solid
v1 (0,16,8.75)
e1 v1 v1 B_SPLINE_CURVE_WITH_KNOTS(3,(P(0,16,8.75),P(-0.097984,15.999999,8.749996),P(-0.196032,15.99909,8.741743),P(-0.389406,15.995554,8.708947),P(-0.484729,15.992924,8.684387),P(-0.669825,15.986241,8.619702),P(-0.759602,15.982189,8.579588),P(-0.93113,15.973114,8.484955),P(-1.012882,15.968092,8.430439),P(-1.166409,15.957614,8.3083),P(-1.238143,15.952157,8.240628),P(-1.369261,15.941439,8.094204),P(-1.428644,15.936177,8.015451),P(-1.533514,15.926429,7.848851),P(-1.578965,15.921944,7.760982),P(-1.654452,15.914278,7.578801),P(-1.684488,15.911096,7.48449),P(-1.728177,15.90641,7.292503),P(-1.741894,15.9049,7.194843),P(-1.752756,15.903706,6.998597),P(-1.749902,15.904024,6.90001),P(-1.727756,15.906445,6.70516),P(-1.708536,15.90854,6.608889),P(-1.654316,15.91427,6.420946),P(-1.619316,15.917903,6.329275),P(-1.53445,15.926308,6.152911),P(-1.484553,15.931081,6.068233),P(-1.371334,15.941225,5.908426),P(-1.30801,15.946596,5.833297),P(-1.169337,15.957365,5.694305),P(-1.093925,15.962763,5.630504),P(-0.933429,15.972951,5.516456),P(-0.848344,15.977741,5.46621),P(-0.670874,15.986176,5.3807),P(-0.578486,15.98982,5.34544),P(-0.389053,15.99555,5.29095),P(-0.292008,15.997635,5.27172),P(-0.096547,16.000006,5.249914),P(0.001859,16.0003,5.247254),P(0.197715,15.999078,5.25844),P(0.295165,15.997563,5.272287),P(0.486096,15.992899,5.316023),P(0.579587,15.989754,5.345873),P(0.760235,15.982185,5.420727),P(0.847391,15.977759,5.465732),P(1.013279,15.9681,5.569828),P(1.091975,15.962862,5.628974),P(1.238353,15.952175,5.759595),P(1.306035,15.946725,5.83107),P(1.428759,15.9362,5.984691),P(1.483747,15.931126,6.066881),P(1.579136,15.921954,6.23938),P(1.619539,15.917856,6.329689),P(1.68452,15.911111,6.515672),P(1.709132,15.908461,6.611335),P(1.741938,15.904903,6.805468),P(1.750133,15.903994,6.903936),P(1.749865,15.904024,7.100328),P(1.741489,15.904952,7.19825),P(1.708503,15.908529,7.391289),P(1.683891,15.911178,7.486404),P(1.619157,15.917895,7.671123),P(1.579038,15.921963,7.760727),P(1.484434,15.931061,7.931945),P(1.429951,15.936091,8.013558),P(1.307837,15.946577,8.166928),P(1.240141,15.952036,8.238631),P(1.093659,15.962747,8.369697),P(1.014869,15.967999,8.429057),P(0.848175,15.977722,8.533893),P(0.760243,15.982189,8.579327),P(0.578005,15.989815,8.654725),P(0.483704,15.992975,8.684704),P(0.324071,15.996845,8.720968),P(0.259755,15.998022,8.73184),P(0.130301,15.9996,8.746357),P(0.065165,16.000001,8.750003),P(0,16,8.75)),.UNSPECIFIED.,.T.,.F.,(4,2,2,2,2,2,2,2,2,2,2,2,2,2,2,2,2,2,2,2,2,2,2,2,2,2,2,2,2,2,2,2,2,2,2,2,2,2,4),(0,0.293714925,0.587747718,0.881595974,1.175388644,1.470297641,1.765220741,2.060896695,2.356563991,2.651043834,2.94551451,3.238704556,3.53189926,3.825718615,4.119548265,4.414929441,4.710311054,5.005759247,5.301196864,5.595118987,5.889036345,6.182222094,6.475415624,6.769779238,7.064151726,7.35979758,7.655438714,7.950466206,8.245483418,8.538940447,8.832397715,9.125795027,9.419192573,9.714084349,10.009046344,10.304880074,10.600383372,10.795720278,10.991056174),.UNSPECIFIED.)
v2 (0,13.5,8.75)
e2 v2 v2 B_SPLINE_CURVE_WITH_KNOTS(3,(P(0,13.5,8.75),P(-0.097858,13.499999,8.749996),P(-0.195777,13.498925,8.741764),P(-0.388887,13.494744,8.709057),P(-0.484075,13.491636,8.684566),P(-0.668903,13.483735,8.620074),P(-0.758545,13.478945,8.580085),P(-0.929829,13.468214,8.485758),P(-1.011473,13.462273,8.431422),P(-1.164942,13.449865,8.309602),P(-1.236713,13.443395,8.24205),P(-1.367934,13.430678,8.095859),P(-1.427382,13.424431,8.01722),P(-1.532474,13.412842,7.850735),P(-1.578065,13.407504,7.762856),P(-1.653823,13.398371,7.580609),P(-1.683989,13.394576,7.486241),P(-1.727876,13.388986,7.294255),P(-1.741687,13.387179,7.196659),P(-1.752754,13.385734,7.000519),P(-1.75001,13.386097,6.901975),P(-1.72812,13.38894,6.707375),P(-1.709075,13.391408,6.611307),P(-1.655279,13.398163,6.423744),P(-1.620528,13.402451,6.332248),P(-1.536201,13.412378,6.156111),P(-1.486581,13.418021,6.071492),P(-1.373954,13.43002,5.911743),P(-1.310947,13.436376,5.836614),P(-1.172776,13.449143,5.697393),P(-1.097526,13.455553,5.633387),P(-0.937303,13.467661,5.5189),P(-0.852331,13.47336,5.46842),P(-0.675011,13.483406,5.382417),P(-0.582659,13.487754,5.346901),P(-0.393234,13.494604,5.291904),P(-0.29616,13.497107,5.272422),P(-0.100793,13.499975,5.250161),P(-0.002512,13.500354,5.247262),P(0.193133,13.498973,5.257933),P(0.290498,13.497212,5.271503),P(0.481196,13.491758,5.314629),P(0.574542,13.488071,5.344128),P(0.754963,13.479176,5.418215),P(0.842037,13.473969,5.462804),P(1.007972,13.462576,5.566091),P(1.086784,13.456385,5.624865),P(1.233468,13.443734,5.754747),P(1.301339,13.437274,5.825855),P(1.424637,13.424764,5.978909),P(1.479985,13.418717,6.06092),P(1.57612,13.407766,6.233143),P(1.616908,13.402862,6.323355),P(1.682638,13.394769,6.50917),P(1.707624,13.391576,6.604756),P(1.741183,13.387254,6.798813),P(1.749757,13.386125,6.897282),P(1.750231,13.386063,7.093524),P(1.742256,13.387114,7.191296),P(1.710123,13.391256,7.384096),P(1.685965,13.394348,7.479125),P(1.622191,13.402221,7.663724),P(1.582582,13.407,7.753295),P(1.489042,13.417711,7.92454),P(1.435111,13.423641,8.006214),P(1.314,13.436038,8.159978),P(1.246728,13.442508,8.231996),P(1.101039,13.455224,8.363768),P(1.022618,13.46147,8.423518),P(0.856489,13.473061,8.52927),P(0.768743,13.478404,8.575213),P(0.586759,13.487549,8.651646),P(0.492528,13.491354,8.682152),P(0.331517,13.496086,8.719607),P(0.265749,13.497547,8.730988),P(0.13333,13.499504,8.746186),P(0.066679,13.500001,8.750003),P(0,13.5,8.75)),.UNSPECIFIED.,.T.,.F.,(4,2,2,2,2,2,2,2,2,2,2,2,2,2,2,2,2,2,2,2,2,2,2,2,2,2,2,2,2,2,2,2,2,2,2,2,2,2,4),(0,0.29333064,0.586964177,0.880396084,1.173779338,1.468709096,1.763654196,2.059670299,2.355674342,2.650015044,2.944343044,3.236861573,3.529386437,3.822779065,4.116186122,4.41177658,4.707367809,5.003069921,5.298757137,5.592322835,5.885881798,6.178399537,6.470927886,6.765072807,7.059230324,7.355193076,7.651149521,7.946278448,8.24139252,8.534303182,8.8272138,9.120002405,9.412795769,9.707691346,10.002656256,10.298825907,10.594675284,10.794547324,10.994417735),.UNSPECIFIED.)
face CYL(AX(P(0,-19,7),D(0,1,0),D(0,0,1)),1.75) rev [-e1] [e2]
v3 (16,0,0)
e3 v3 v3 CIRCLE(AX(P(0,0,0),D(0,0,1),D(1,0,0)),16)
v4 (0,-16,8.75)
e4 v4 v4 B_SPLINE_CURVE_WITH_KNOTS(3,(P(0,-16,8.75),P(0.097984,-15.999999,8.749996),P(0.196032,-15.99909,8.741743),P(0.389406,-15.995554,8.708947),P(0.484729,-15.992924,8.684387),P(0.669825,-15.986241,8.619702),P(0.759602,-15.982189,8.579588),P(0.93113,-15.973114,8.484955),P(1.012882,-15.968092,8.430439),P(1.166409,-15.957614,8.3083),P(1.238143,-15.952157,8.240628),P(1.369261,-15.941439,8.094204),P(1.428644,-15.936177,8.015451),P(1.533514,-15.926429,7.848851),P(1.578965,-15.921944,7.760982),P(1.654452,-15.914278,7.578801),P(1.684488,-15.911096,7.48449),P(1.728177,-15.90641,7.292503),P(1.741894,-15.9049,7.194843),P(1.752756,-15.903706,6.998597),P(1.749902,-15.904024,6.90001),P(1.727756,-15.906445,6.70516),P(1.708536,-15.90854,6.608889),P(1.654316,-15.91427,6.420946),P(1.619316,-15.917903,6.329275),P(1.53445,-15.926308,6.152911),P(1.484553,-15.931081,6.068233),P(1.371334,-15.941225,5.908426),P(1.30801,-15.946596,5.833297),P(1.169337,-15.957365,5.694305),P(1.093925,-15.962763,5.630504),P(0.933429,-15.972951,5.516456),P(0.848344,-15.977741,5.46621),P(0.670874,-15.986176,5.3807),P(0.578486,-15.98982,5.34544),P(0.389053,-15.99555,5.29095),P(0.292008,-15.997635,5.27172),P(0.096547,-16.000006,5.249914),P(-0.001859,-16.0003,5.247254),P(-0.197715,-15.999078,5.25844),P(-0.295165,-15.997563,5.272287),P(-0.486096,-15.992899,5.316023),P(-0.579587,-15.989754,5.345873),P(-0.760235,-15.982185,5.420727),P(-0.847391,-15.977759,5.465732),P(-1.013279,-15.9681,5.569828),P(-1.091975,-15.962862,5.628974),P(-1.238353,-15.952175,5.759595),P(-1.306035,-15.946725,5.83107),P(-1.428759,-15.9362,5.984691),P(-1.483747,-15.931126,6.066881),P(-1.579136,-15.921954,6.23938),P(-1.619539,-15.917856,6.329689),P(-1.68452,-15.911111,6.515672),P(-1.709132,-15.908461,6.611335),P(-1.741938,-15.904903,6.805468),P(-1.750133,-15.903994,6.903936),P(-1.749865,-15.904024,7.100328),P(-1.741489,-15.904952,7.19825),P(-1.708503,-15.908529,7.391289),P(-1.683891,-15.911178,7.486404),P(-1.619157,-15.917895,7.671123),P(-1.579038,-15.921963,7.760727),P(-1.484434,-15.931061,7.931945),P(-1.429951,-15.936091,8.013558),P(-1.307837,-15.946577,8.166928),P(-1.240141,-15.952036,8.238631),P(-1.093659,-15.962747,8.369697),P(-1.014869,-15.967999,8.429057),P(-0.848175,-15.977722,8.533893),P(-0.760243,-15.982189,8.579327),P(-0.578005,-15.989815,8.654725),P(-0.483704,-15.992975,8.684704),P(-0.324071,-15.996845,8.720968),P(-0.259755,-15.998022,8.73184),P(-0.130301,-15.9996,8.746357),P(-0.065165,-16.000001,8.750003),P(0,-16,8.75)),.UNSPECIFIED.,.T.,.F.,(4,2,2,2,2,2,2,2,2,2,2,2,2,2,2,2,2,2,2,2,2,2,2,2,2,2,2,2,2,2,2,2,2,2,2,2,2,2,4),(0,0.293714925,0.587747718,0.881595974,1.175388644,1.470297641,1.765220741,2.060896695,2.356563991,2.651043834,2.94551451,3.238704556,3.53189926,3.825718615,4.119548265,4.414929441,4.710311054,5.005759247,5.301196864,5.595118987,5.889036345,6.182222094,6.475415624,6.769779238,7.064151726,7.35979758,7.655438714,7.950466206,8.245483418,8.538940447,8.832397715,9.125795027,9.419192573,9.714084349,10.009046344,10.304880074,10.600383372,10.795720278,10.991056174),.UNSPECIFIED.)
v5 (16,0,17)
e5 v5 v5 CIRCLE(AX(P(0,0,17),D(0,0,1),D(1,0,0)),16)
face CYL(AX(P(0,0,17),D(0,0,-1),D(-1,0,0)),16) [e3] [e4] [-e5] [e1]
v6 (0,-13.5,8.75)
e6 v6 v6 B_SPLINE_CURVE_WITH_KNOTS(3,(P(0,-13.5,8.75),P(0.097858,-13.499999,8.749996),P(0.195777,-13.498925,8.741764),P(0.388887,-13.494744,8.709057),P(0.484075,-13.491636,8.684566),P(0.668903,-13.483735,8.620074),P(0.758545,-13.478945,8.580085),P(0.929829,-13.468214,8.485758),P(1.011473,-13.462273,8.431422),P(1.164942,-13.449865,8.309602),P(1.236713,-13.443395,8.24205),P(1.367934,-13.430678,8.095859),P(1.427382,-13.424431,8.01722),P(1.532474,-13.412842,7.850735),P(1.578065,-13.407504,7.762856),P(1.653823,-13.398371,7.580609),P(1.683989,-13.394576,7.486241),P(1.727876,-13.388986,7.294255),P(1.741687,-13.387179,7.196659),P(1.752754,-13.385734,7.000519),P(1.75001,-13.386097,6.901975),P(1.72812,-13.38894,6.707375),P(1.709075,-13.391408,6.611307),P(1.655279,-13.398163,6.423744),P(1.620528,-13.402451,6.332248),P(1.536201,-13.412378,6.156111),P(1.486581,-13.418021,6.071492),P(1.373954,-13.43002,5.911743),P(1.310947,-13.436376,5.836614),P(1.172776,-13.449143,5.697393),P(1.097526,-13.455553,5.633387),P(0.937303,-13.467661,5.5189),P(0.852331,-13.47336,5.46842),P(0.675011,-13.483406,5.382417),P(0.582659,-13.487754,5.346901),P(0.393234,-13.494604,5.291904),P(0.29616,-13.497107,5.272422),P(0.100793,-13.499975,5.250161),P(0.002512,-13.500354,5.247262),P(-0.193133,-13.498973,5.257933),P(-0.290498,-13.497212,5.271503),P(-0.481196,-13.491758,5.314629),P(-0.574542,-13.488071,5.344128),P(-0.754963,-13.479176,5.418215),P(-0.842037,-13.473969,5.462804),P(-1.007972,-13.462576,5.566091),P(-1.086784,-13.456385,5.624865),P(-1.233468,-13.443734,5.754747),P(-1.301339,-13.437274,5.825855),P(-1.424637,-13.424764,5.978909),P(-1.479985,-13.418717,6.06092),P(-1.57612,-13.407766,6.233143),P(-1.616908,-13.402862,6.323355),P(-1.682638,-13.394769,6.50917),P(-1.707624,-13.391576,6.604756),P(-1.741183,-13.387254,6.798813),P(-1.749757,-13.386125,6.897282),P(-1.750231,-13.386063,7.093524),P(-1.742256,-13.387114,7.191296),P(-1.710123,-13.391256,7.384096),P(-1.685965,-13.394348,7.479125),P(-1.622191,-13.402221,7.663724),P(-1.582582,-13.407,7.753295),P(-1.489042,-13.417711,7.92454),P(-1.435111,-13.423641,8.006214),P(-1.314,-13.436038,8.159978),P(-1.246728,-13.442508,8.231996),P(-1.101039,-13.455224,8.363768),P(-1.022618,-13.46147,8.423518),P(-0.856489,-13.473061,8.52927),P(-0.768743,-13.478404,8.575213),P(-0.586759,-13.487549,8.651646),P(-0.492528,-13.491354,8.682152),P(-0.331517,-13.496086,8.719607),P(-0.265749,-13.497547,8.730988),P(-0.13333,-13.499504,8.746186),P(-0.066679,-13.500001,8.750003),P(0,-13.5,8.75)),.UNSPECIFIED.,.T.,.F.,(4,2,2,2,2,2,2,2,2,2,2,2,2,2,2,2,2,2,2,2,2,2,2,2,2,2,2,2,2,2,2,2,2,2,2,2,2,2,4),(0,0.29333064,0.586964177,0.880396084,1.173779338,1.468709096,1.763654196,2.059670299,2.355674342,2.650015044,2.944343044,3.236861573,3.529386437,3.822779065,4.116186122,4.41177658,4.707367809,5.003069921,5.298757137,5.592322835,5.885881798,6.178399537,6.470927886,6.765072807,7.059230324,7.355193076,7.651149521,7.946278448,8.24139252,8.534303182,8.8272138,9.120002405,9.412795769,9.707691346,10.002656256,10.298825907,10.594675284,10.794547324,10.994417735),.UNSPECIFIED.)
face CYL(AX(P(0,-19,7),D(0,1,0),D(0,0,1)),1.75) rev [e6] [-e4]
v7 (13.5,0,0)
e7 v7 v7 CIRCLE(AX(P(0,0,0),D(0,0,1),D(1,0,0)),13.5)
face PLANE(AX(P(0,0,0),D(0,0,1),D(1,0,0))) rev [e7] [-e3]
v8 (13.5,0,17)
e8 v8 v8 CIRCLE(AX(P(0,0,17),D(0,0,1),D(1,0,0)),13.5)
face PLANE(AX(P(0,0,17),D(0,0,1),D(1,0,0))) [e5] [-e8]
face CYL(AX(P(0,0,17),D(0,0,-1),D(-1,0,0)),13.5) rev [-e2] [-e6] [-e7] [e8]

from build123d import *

# Parameters (mm, degrees)
SKETCH1_R           = 16
SKETCH1_R_2         = 13.5
BOSS_EXTRUDE1_DEPTH = 17
SKETCH2_R           = 1.75
CUT_EXTRUDE1_DEPTH  = 35


with BuildPart() as part:
    # Sketch1 → Boss-Extrude1 (new body)
    with BuildSketch(Plane.XY):
        Circle(SKETCH1_R)
        Circle(SKETCH1_R_2, mode=Mode.SUBTRACT)
    extrude(amount=BOSS_EXTRUDE1_DEPTH)

    # Sketch2 → Cut-Extrude1 (cut)
    with BuildSketch(Plane(origin=(0, 16, 0), x_dir=(1, 0, 0), z_dir=(0, 1, 0))):
        with Locations(Location((0, -7, 0), (0, 0, 270))):
            Circle(SKETCH2_R)
    extrude(amount=-CUT_EXTRUDE1_DEPTH, mode=Mode.SUBTRACT)


solid = part.part
